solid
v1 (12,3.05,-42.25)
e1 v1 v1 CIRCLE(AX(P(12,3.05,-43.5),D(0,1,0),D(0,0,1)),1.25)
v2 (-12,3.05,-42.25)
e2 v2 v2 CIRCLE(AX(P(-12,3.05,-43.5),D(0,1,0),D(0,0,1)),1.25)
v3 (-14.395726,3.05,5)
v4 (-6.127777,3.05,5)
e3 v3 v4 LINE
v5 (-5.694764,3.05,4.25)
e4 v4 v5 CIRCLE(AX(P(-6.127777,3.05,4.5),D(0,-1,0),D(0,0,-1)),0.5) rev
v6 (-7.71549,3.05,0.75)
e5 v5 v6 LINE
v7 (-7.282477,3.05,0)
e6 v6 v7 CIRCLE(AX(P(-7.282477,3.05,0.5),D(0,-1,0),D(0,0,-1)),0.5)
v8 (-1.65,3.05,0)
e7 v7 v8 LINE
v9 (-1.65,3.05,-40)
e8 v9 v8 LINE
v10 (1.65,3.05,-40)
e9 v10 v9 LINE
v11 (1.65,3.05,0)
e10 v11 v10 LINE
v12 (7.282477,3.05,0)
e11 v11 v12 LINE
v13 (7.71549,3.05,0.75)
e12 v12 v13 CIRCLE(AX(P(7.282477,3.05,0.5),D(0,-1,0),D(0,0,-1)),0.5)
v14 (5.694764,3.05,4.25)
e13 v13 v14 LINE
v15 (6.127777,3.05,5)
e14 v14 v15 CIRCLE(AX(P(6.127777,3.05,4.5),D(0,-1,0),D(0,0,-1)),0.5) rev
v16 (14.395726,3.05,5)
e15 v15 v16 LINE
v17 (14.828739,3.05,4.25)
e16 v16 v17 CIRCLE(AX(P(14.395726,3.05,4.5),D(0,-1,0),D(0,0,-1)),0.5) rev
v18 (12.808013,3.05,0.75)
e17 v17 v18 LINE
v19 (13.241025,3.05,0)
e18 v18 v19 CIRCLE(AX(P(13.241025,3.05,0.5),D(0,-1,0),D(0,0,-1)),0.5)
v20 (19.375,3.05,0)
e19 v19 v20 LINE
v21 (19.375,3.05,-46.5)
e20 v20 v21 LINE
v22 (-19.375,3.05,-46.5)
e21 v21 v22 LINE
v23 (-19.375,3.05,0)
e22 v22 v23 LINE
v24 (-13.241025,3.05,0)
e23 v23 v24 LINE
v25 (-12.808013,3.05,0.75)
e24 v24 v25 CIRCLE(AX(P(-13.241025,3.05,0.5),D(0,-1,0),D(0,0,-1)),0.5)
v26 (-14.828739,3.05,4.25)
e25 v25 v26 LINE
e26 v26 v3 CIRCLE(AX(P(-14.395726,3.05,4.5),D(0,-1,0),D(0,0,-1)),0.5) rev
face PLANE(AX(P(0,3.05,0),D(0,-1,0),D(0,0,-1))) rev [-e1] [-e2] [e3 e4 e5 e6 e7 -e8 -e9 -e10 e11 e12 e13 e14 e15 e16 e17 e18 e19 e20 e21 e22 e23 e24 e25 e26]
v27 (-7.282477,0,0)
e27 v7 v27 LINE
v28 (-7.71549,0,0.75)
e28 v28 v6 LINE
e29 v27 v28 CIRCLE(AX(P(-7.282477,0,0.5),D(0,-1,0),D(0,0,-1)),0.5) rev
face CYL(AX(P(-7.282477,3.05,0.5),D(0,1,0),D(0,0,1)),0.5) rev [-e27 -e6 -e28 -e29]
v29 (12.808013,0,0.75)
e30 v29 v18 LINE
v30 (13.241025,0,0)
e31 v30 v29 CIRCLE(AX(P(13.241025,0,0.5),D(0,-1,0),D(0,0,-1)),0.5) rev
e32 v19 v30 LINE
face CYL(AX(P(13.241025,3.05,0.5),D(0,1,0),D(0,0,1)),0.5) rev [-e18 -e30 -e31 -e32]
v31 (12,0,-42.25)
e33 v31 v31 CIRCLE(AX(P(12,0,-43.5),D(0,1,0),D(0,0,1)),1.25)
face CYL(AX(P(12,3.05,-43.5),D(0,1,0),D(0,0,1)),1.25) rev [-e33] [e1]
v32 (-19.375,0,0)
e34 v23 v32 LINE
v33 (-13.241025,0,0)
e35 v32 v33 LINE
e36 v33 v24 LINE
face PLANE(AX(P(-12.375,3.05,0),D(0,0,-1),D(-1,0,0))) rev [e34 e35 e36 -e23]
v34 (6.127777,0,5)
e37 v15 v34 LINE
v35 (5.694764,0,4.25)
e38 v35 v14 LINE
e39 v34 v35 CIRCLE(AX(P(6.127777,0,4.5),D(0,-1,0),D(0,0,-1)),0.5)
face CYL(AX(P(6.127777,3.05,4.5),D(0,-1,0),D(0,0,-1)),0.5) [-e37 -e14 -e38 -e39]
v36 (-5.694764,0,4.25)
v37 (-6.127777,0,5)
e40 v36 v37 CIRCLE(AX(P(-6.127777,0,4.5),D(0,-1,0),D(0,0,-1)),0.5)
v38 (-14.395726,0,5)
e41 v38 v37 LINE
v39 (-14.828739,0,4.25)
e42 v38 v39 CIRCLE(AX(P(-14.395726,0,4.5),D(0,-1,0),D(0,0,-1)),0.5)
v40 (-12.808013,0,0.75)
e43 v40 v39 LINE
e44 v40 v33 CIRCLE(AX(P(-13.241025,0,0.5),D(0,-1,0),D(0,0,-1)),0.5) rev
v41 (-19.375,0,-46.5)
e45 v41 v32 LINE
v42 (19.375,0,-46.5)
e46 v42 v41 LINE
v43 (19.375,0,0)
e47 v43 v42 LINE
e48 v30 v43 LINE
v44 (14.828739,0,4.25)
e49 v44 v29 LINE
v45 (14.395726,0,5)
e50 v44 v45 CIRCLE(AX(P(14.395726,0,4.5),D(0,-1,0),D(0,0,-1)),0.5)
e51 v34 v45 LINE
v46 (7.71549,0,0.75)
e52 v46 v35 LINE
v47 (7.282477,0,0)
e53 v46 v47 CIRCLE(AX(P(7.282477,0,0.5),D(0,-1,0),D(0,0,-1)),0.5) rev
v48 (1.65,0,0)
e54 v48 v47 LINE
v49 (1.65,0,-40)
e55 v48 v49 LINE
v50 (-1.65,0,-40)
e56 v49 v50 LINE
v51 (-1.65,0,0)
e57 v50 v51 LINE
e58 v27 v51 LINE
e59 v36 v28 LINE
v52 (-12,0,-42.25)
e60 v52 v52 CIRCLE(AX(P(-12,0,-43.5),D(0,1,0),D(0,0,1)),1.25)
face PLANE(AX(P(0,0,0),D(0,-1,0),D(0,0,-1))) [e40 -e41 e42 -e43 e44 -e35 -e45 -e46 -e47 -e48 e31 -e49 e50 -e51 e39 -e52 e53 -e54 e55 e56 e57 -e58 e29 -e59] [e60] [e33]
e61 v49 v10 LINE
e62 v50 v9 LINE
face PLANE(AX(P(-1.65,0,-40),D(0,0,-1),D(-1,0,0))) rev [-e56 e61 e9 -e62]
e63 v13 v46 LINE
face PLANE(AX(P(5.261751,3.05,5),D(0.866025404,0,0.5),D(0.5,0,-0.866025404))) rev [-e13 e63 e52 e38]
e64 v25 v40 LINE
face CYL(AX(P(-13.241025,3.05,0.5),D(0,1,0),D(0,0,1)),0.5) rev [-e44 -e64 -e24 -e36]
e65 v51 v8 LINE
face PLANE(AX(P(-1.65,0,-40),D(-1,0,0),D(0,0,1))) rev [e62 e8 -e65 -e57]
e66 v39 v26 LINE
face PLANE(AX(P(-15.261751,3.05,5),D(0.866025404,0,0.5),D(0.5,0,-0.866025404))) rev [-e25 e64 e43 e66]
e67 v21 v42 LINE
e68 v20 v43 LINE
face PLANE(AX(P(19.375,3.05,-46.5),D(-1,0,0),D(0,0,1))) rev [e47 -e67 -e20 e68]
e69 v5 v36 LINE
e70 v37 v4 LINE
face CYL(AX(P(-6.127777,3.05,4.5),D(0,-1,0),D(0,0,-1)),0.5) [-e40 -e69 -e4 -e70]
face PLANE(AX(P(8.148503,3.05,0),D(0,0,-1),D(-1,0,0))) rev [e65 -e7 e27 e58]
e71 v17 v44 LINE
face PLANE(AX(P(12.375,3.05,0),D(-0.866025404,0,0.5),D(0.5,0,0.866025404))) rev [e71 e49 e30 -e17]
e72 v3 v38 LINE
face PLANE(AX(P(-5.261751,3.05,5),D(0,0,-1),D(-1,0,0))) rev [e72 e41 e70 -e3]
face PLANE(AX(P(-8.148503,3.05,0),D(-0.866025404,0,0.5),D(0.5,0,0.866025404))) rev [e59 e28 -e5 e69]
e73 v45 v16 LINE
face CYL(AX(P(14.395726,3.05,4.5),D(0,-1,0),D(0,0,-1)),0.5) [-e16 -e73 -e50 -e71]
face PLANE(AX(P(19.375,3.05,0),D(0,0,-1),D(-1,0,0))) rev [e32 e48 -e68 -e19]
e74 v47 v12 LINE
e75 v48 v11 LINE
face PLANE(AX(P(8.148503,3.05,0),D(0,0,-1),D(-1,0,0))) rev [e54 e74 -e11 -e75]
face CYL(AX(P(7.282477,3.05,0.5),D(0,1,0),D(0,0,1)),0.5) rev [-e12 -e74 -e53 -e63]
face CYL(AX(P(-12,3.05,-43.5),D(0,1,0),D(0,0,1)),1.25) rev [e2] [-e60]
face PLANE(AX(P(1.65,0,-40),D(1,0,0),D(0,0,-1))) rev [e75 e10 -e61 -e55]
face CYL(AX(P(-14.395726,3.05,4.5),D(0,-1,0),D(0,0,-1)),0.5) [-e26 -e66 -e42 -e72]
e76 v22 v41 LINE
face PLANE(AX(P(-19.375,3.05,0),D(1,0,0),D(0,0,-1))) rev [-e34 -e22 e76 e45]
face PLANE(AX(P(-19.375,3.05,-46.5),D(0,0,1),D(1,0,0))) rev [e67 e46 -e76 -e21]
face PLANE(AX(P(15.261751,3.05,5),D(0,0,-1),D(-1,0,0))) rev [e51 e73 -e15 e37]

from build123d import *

# Parameters (mm, degrees)
BOSS_EXTRUDE1_DEPTH      = 3.05
FILLET1_R                = 0.5
SKETCH3_W                = 3.3
SKETCH3_H                = 40
SKETCH3_H_2              = 1
CUT_EXTRUDE2_DEPTH       = 51.467248043
M3_TAPPED_DAMPER_HOLES_D = 2.5


with BuildPart() as part:
    # Sketch1 → Boss-Extrude1 (new body)
    with BuildSketch(Plane(origin=(0, 0, 0), x_dir=(1, 0, 0), z_dir=(0, 1, 0))):
        Polygon((-19.375, 0), (-19.375, 46.5), (19.375, 46.5), (19.375, 0), (12.375, 0), (15.261751346, -5), (5.261751346, -5), (8.148502692, 0), (-8.148502692, 0), (-5.261751346, -5), (-15.261751346, -5), (-12.375, 0), align=None)
    extrude(amount=BOSS_EXTRUDE1_DEPTH)

    # Fillet1
    fillet1_edges = [part.edges().sort_by_distance(p)[0] for p in [
        (12.375, 1.525, 0),
        (15.261751346, 1.525, 5),
        (5.261751346, 1.525, 5),
        (8.148502692, 1.525, 0),
        (-8.148502692, 1.525, 0),
        (-5.261751346, 1.525, 5),
        (-15.261751346, 1.525, 5),
        (-12.375, 1.525, 0),
    ]]
    fillet(fillet1_edges, radius=FILLET1_R)

    # Sketch3 → Cut-Extrude2 (cut, through all)
    with BuildSketch(Plane(origin=(0, 3.05, 0), x_dir=(1, 0, 0), z_dir=(0, 1, 0))):
        with Locations((0, 20)):
            Rectangle(SKETCH3_W, SKETCH3_H)
        with Locations((0, -1.7)):
            Rectangle(SKETCH3_W, SKETCH3_H_2)
    extrude(amount=-CUT_EXTRUDE2_DEPTH, mode=Mode.SUBTRACT)

    # M3 Tapped Damper Holes (through all)
    with Locations(Plane(origin=(0, 3.05, 0), x_dir=(1, 0, 0), z_dir=(0, 1, 0))):
        with Locations((-12, 43.5), (12, 43.5)):
            Hole(M3_TAPPED_DAMPER_HOLES_D / 2)


solid = part.part
